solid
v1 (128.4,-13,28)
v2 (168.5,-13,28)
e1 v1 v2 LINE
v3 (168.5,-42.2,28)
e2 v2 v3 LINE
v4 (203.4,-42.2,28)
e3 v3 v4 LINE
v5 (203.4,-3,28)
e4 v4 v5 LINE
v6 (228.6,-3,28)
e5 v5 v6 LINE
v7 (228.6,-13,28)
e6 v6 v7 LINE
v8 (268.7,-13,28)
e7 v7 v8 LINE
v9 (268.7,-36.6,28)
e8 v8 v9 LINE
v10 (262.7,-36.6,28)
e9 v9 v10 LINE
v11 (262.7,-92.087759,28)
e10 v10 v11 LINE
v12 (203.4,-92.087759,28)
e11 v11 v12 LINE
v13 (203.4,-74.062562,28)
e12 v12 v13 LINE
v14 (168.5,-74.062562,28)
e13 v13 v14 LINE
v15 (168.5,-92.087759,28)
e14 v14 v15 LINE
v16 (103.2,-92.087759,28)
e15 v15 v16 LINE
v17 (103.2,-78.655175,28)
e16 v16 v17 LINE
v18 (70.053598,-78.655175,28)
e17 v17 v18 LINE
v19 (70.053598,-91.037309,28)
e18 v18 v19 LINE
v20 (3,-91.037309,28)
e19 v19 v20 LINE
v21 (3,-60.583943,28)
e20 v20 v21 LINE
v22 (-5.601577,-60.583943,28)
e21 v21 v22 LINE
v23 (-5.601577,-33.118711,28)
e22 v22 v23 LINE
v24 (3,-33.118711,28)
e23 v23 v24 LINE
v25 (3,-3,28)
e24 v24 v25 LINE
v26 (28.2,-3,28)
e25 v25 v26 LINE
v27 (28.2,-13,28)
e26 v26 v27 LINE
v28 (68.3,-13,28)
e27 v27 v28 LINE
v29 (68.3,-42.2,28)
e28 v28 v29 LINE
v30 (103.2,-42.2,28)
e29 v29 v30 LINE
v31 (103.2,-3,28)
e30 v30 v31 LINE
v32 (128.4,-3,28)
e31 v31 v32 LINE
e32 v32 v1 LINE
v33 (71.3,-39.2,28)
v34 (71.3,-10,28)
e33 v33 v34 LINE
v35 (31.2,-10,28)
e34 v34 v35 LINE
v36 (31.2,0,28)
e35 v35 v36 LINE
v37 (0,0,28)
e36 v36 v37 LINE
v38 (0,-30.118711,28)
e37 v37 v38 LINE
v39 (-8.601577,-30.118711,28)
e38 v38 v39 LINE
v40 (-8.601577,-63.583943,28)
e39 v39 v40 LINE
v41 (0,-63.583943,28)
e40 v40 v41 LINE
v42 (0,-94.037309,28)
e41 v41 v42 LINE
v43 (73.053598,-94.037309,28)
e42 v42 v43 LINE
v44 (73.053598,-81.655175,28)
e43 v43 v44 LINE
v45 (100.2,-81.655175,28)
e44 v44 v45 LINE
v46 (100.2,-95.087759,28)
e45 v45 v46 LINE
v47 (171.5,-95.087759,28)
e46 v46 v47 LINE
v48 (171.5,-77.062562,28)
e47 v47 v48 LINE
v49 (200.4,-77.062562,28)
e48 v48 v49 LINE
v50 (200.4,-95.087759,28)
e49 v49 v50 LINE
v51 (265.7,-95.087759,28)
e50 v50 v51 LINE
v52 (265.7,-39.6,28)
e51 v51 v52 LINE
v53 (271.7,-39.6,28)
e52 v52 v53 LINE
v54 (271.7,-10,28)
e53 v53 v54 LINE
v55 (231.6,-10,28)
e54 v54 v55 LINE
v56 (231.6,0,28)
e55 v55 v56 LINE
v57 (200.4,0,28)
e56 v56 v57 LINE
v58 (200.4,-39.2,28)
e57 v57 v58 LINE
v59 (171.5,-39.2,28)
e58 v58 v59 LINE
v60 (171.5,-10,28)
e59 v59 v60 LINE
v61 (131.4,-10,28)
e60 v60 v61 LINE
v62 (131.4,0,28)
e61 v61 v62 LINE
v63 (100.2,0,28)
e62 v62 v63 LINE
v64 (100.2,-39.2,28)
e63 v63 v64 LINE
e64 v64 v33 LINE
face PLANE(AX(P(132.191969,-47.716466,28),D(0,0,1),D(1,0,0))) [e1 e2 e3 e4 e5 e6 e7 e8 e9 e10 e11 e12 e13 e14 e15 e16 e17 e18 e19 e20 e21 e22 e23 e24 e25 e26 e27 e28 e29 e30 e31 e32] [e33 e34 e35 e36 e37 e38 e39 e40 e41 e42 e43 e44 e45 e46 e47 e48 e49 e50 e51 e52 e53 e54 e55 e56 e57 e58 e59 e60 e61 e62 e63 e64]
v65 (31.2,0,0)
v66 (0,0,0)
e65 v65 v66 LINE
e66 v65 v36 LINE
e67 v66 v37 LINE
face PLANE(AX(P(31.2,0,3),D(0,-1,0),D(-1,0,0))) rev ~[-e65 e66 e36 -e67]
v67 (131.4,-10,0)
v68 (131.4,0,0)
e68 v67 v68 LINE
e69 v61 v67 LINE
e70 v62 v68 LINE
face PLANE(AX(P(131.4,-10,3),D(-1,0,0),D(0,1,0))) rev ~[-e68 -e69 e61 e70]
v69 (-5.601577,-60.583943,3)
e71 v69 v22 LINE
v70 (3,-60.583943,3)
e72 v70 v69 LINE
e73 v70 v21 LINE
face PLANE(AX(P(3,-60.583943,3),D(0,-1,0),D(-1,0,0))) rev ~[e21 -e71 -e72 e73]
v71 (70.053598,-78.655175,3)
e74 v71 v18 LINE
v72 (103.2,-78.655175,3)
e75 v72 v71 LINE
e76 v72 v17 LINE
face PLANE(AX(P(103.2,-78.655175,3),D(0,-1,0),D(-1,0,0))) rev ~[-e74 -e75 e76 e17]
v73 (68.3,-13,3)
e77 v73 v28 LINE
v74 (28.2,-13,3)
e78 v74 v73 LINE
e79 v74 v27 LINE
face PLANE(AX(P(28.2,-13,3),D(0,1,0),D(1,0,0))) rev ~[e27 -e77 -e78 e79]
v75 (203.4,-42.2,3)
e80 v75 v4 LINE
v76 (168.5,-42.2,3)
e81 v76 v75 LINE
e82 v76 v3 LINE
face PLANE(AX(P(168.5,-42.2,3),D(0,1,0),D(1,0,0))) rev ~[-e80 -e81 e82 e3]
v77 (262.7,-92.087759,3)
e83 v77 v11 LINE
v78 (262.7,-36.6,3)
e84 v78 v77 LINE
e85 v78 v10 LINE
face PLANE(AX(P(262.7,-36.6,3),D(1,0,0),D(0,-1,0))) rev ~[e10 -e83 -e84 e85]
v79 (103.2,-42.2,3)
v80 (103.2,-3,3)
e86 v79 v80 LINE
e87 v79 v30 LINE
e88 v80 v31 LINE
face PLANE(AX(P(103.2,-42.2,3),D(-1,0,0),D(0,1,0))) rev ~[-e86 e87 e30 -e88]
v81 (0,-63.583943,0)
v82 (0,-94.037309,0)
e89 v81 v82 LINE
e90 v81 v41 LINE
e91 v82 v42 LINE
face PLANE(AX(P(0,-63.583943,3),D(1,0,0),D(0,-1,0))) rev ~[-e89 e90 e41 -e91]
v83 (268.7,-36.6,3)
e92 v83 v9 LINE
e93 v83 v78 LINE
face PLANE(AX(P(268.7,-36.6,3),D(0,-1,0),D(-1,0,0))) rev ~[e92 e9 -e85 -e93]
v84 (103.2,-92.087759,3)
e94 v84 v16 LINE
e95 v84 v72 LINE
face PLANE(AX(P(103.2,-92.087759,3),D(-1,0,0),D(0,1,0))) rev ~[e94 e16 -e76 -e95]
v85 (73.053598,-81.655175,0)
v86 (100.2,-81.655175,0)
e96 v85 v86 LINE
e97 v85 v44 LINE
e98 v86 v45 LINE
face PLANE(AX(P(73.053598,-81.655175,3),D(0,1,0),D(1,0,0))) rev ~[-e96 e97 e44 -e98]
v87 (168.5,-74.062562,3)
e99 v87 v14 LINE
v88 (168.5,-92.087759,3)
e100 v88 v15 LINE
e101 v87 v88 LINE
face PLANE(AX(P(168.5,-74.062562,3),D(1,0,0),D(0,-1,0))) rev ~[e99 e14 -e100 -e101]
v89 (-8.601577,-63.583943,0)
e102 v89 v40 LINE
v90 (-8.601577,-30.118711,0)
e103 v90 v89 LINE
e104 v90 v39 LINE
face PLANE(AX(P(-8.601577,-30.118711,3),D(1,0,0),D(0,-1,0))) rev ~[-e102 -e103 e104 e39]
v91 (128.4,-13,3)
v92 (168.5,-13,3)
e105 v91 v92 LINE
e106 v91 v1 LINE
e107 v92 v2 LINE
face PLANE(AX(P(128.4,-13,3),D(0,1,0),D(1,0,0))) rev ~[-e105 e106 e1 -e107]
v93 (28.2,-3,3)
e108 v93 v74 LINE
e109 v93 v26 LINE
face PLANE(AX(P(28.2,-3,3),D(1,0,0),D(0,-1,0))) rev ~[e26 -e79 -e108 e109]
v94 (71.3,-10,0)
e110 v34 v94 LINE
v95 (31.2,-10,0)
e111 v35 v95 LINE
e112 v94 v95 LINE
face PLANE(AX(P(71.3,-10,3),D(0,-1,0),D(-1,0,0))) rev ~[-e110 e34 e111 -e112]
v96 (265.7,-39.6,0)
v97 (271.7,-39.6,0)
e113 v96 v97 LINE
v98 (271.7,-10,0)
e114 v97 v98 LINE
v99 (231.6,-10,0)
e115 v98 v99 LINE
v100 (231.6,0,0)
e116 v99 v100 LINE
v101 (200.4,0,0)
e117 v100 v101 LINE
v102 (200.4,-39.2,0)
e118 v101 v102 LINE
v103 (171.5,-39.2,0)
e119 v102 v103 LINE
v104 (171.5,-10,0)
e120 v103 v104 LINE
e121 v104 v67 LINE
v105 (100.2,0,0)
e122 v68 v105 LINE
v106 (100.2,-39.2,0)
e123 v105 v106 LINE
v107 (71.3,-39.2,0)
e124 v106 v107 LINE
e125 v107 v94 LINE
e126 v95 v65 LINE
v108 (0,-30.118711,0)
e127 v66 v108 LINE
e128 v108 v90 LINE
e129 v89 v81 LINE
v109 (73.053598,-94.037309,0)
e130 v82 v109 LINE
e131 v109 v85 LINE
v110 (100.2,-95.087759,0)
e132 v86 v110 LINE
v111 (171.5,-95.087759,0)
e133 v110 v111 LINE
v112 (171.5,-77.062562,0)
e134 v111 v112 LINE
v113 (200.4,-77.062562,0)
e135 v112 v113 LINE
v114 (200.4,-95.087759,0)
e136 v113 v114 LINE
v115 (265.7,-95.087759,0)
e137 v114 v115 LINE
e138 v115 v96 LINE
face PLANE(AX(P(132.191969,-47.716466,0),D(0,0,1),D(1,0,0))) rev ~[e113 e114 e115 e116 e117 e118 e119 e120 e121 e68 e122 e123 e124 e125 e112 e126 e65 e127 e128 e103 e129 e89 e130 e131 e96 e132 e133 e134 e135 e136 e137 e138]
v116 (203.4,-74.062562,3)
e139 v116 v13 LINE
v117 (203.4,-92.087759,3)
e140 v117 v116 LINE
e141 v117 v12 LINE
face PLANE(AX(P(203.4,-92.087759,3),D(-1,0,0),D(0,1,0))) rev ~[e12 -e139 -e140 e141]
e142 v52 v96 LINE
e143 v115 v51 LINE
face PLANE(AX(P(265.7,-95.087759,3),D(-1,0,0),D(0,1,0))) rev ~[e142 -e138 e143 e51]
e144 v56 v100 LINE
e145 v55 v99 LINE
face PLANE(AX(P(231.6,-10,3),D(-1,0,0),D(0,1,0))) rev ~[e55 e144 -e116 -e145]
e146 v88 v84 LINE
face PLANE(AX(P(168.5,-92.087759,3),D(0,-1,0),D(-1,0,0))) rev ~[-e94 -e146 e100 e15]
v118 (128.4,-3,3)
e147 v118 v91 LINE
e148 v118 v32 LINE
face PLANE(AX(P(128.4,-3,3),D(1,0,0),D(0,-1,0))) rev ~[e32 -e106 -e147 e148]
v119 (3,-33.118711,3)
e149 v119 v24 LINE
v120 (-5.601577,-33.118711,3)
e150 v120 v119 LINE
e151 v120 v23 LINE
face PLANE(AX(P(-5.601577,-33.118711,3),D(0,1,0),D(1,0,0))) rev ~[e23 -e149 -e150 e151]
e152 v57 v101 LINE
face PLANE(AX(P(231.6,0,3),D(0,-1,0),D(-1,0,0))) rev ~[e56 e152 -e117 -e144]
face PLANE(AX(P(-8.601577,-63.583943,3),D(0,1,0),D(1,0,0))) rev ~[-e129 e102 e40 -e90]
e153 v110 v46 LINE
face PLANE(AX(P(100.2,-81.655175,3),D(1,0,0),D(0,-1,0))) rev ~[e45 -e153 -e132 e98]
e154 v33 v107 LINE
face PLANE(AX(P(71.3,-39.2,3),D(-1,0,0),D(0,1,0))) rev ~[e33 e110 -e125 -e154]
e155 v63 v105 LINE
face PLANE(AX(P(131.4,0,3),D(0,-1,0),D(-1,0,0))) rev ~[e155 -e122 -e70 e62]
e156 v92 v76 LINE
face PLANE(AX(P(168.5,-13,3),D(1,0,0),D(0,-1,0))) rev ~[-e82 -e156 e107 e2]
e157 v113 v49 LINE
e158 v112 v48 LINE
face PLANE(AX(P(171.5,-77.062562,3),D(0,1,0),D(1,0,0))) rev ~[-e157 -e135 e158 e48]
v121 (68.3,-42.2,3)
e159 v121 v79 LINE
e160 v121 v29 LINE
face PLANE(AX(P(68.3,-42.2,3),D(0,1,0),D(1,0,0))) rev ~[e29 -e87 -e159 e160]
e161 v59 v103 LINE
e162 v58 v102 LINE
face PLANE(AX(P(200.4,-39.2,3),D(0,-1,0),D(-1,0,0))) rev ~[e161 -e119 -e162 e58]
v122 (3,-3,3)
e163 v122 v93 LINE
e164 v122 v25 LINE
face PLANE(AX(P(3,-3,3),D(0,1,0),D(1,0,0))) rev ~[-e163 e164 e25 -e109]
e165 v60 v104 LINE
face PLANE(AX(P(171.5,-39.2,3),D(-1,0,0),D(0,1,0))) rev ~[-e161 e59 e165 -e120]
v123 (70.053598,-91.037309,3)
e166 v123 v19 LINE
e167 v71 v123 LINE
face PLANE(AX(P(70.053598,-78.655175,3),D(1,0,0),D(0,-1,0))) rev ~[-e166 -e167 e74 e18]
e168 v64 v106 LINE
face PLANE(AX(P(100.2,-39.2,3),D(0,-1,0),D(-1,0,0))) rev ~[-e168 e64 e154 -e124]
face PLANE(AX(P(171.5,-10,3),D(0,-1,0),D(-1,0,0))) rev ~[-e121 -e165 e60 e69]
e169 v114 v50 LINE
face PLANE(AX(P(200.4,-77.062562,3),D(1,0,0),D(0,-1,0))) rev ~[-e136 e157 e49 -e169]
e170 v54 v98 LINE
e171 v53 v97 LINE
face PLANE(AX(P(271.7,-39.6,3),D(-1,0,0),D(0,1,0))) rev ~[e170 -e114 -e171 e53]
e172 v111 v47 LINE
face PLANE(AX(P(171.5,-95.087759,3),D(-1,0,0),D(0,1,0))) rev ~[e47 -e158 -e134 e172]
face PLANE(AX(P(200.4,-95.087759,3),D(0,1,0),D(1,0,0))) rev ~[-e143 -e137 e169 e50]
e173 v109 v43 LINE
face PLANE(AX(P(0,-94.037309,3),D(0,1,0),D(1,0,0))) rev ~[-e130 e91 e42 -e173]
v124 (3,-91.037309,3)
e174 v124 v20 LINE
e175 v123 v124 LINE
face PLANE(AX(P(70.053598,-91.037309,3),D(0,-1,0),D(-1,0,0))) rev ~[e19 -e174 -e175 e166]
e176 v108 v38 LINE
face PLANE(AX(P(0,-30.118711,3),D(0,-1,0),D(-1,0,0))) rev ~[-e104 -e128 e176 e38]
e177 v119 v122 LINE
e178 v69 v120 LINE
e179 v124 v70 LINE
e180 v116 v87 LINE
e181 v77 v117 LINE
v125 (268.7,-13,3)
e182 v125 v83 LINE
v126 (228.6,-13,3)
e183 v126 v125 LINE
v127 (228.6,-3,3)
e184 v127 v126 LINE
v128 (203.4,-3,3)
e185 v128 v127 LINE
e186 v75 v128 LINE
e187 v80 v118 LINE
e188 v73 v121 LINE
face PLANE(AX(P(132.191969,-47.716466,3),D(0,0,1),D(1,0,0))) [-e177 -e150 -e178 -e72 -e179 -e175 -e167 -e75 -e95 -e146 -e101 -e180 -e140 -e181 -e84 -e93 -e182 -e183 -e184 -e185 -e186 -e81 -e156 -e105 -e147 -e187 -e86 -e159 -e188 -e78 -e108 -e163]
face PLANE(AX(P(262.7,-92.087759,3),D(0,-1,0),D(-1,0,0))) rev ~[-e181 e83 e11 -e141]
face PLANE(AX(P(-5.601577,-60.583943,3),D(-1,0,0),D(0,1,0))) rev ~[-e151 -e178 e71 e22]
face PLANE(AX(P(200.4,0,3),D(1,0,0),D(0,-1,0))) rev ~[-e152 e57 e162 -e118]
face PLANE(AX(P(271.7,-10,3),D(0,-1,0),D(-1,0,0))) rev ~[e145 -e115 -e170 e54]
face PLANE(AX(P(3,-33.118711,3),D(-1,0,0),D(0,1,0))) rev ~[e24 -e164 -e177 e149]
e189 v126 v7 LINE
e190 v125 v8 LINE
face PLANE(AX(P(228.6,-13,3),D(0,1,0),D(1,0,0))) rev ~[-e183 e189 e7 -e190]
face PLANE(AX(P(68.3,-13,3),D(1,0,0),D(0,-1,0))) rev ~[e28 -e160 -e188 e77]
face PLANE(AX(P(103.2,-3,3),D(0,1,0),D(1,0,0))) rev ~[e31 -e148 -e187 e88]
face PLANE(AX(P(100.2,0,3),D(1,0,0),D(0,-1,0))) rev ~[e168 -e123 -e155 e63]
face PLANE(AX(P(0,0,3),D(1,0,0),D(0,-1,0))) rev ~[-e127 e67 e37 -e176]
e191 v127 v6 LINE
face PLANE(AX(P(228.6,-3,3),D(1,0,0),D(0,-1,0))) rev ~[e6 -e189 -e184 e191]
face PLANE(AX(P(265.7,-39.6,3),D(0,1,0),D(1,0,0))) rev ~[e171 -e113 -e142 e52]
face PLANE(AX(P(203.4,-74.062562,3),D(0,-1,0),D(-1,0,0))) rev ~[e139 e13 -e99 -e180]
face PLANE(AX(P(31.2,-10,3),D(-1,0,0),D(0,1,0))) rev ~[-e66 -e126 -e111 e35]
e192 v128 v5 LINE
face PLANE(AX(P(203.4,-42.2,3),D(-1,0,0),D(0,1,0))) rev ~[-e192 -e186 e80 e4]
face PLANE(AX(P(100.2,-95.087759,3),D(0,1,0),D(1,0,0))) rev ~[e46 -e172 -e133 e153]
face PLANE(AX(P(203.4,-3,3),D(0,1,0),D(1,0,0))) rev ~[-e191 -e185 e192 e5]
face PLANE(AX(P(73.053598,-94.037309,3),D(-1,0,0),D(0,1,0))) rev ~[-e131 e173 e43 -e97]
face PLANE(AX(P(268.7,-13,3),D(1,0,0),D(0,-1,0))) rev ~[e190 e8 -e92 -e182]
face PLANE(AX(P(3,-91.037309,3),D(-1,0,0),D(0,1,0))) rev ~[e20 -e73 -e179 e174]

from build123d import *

# Parameters (mm, degrees)
F1_DEPTH = 3
F3_DEPTH = 25


with BuildPart() as f1:
    # F0 (on Top) → F1 (new body)
    with BuildSketch(Plane.XY):
        Polygon((31.2, 0), (0, 0), (0, -30.118711), (-8.601577, -30.118711), (-8.601577, -63.583943), (0, -63.583943), (0, -94.037309), (73.053598, -94.037309), (73.053598, -81.655175), (100.2, -81.655175), (100.2, -95.087759), (171.5, -95.087759), (171.5, -77.062562), (200.4, -77.062562), (200.4, -95.087759), (265.7, -95.087759), (265.7, -39.6), (271.7, -39.6), (271.7, -10), (231.6, -10), (231.6, 0), (200.4, 0), (200.4, -39.2), (171.5, -39.2), (171.5, -10), (131.4, -10), (131.4, 0), (100.2, 0), (100.2, -39.2), (71.3, -39.2), (71.3, -10), (31.2, -10), align=None)
    extrude(amount=F1_DEPTH)

    # F2 (on face) → F3 (join)
    with BuildSketch(Plane.XY.offset(3)):
        Polygon((31.2, -10), (31.2, 0), (0, 0), (0, -30.118711), (-8.601577, -30.118711), (-8.601577, -63.583943), (0, -63.583943), (0, -94.037309), (73.053598, -94.037309), (73.053598, -81.655175), (100.2, -81.655175), (100.2, -95.087759), (171.5, -95.087759), (171.5, -77.062562), (200.4, -77.062562), (200.4, -95.087759), (265.7, -95.087759), (265.7, -39.6), (271.7, -39.6), (271.7, -10), (231.6, -10), (231.6, 0), (200.4, 0), (200.4, -39.2), (171.5, -39.2), (171.5, -10), (131.4, -10), (131.4, 0), (100.2, 0), (100.2, -39.2), (71.3, -39.2), (71.3, -10), align=None)
        Polygon((3, -91.037309), (3, -60.583943), (-5.601577, -60.583943), (-5.601577, -33.118711), (3, -33.118711), (3, -3), (28.2, -3), (28.2, -13), (68.3, -13), (68.3, -42.2), (103.2, -42.2), (103.2, -3), (128.4, -3), (128.4, -13), (168.5, -13), (168.5, -42.2), (203.4, -42.2), (203.4, -3), (228.6, -3), (228.6, -13), (268.7, -13), (268.7, -36.6), (262.7, -36.6), (262.7, -92.087759), (203.4, -92.087759), (203.4, -74.062562), (168.5, -74.062562), (168.5, -92.087759), (103.2, -92.087759), (103.2, -78.655175), (70.053598, -78.655175), (70.053598, -91.037309), align=None, mode=Mode.SUBTRACT)
    extrude(amount=F3_DEPTH)


solid = f1.part
